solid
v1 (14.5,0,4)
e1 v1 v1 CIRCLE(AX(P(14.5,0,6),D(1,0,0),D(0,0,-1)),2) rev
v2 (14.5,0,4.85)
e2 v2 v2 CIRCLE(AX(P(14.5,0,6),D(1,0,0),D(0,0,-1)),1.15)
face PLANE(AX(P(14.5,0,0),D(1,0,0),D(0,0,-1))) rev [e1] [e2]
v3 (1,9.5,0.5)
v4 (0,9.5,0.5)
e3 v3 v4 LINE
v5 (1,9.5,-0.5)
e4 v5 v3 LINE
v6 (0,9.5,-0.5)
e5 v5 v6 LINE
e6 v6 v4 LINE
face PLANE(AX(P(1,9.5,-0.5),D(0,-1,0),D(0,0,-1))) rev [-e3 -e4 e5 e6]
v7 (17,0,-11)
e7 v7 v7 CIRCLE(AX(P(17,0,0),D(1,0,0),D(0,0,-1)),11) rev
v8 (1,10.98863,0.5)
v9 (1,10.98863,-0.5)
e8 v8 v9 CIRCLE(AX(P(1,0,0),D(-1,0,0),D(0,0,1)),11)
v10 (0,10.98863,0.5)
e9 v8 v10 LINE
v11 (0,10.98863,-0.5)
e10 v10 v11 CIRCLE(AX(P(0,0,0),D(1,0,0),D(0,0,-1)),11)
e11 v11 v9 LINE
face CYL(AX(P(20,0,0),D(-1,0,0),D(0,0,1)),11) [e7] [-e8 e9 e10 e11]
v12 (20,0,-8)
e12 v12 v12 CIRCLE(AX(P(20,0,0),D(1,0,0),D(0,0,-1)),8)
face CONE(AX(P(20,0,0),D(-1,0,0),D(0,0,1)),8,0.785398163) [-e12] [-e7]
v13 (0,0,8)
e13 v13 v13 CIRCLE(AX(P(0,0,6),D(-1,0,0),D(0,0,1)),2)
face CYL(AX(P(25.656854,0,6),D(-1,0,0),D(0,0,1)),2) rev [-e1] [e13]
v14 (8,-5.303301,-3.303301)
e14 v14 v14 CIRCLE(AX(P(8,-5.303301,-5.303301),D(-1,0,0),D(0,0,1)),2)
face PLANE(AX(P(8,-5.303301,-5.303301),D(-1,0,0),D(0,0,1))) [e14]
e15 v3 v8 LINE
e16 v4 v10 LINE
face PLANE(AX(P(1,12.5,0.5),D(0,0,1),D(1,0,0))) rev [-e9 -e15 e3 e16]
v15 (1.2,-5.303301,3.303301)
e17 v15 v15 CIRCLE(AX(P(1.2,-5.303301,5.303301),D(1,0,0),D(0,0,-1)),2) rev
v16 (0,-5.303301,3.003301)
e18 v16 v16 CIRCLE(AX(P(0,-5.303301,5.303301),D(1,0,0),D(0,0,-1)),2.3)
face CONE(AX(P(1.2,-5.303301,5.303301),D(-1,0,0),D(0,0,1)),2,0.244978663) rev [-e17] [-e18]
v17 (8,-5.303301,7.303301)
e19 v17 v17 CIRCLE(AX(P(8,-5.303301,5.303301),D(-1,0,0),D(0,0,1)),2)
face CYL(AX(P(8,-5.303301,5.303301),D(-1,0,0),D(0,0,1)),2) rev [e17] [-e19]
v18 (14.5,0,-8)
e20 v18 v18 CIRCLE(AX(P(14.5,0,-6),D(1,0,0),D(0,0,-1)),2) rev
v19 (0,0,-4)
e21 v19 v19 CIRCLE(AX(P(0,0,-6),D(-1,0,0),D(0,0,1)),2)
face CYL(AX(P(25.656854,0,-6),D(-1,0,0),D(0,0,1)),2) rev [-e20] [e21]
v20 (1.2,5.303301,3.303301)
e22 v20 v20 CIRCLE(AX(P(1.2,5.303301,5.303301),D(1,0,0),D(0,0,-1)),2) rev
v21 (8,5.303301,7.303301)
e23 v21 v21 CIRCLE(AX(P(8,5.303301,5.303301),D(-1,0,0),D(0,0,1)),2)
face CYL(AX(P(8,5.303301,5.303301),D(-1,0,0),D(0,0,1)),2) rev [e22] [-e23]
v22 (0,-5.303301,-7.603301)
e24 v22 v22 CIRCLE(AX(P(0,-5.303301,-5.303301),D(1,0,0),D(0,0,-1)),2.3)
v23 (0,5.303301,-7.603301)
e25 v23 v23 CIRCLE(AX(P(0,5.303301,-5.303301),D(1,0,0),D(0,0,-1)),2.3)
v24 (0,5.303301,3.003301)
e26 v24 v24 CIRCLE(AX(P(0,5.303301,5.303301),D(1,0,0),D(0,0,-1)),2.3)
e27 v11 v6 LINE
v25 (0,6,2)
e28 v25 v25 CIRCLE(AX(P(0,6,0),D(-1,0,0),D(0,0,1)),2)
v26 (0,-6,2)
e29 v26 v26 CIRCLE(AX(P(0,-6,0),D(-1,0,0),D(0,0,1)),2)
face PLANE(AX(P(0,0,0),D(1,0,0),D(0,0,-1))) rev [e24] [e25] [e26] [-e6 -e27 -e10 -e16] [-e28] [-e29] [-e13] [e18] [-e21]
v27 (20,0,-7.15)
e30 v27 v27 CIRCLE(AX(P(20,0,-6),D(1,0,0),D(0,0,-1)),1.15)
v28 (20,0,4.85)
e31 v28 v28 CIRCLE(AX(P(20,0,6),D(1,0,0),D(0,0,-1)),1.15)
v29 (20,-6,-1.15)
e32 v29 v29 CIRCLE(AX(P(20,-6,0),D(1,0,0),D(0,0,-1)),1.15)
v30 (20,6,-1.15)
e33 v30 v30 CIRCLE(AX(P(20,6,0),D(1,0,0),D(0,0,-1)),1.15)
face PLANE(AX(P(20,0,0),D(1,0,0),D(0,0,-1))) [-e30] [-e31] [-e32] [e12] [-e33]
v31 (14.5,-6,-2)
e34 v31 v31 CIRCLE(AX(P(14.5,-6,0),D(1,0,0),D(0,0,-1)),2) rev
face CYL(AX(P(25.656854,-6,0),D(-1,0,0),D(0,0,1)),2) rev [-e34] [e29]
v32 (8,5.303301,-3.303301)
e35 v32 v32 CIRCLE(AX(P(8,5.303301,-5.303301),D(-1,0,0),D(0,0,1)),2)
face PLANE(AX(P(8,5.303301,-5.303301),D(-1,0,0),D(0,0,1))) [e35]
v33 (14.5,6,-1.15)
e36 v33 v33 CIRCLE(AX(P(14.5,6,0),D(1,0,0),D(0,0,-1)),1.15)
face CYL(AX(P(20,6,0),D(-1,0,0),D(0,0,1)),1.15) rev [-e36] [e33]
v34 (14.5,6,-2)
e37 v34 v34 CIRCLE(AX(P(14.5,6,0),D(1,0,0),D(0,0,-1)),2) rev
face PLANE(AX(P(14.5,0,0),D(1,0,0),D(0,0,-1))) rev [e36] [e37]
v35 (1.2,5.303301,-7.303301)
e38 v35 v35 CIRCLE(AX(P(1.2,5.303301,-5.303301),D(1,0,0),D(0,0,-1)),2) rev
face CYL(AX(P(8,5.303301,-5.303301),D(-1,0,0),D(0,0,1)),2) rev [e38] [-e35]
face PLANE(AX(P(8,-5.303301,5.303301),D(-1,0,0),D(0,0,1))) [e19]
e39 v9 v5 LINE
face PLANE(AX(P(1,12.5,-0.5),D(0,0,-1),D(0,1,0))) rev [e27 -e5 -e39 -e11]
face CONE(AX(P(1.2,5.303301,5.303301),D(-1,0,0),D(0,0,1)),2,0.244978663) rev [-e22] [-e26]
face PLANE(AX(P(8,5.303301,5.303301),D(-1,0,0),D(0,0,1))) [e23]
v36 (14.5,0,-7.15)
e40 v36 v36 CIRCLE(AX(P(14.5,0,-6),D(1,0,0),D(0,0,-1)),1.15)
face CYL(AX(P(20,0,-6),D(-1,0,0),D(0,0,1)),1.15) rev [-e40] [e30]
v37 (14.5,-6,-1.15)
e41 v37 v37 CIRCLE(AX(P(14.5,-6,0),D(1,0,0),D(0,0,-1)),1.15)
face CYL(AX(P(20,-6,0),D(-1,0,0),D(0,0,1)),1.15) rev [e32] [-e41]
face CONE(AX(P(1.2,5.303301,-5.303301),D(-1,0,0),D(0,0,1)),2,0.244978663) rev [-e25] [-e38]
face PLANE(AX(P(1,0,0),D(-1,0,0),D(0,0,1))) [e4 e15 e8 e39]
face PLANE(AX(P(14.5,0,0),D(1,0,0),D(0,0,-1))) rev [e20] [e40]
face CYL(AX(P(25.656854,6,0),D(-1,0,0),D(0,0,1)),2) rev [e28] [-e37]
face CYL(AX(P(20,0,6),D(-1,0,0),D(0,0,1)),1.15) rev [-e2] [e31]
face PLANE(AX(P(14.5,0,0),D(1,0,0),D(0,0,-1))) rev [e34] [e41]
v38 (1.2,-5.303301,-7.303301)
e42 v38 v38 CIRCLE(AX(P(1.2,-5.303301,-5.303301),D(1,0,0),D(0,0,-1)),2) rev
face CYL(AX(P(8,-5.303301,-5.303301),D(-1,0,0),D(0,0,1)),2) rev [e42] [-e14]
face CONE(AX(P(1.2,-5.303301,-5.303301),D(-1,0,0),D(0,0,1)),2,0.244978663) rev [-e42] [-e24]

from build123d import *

# Parameters (mm, degrees)
SKETCH2_R           = 11
SKETCH2_R_2         = 1.15
BOSS_EXTRUDE1_DEPTH = 20
CHAMFER1_SIZE       = 3
SKETCH5_R           = 2
CUT_EXTRUDE2_DEPTH  = 14.5
SKETCH6_R           = 2
CUT_EXTRUDE3_DEPTH  = 8
CHAMFER2_SIZE       = 0.3
CHAMFER2_SIZE2      = 1.2
SKETCH7_W           = 1
SKETCH7_H           = 3
CUT_EXTRUDE4_DEPTH  = 1


with BuildPart() as part:
    # Sketch2 → Boss-Extrude1 (new body)
    with BuildSketch(Plane(origin=(0, 0, 0), x_dir=(0, 0, -1), z_dir=(1, 0, 0))):
        Circle(SKETCH2_R)
        with Locations((0, 6)):
            Circle(SKETCH2_R_2, mode=Mode.SUBTRACT)
        with Locations((-6, 0)):
            Circle(SKETCH2_R_2, mode=Mode.SUBTRACT)
        with Locations((0, -6)):
            Circle(SKETCH2_R_2, mode=Mode.SUBTRACT)
        with Locations((6, 0)):
            Circle(SKETCH2_R_2, mode=Mode.SUBTRACT)
    extrude(amount=BOSS_EXTRUDE1_DEPTH)

    # Chamfer1
    chamfer1_edges = [part.edges().sort_by_distance(p)[0] for p in [
        (20, 0, 11),
    ]]
    chamfer(chamfer1_edges, length=CHAMFER1_SIZE)

    # Sketch5 → Cut-Extrude2 (cut)
    with BuildSketch(Plane.ZY):
        with Locations((-6, 0)):
            Circle(SKETCH5_R)
        with Locations((0, 6)):
            Circle(SKETCH5_R)
        with Locations((0, -6)):
            Circle(SKETCH5_R)
        with Locations((6, 0)):
            Circle(SKETCH5_R)
    extrude(amount=-CUT_EXTRUDE2_DEPTH, mode=Mode.SUBTRACT)

    # Sketch6 → Cut-Extrude3 (cut)
    with BuildSketch(Plane.ZY):
        with Locations((5.303300859, 5.303300859)):
            Circle(SKETCH6_R)
        with Locations((-5.303300859, 5.303300859)):
            Circle(SKETCH6_R)
        with Locations((-5.303300859, -5.303300859)):
            Circle(SKETCH6_R)
        with Locations((5.303300859, -5.303300859)):
            Circle(SKETCH6_R)
    extrude(amount=-CUT_EXTRUDE3_DEPTH, mode=Mode.SUBTRACT)

    # Chamfer2
    chamfer2_edges = [part.edges().sort_by_distance(p)[0] for p in [
        (0, -5.303300859, 3.303300859),
        (0, -5.303300859, -7.303300859),
        (0, 5.303300859, -7.303300859),
        (0, 5.303300859, 3.303300859),
    ]]
    chamfer2_side = [part.faces().sort_by_distance(p)[0] for p in [
        (0, 0, 0),
    ]]
    chamfer(chamfer2_edges, length=CHAMFER2_SIZE, length2=CHAMFER2_SIZE2, reference=chamfer2_side[0])

    # Sketch7 → Cut-Extrude4 (cut)
    with BuildSketch(Plane.ZY):
        with Locations((0, 11)):
            Rectangle(SKETCH7_W, SKETCH7_H)
    extrude(amount=-CUT_EXTRUDE4_DEPTH, mode=Mode.SUBTRACT)


solid = part.part
